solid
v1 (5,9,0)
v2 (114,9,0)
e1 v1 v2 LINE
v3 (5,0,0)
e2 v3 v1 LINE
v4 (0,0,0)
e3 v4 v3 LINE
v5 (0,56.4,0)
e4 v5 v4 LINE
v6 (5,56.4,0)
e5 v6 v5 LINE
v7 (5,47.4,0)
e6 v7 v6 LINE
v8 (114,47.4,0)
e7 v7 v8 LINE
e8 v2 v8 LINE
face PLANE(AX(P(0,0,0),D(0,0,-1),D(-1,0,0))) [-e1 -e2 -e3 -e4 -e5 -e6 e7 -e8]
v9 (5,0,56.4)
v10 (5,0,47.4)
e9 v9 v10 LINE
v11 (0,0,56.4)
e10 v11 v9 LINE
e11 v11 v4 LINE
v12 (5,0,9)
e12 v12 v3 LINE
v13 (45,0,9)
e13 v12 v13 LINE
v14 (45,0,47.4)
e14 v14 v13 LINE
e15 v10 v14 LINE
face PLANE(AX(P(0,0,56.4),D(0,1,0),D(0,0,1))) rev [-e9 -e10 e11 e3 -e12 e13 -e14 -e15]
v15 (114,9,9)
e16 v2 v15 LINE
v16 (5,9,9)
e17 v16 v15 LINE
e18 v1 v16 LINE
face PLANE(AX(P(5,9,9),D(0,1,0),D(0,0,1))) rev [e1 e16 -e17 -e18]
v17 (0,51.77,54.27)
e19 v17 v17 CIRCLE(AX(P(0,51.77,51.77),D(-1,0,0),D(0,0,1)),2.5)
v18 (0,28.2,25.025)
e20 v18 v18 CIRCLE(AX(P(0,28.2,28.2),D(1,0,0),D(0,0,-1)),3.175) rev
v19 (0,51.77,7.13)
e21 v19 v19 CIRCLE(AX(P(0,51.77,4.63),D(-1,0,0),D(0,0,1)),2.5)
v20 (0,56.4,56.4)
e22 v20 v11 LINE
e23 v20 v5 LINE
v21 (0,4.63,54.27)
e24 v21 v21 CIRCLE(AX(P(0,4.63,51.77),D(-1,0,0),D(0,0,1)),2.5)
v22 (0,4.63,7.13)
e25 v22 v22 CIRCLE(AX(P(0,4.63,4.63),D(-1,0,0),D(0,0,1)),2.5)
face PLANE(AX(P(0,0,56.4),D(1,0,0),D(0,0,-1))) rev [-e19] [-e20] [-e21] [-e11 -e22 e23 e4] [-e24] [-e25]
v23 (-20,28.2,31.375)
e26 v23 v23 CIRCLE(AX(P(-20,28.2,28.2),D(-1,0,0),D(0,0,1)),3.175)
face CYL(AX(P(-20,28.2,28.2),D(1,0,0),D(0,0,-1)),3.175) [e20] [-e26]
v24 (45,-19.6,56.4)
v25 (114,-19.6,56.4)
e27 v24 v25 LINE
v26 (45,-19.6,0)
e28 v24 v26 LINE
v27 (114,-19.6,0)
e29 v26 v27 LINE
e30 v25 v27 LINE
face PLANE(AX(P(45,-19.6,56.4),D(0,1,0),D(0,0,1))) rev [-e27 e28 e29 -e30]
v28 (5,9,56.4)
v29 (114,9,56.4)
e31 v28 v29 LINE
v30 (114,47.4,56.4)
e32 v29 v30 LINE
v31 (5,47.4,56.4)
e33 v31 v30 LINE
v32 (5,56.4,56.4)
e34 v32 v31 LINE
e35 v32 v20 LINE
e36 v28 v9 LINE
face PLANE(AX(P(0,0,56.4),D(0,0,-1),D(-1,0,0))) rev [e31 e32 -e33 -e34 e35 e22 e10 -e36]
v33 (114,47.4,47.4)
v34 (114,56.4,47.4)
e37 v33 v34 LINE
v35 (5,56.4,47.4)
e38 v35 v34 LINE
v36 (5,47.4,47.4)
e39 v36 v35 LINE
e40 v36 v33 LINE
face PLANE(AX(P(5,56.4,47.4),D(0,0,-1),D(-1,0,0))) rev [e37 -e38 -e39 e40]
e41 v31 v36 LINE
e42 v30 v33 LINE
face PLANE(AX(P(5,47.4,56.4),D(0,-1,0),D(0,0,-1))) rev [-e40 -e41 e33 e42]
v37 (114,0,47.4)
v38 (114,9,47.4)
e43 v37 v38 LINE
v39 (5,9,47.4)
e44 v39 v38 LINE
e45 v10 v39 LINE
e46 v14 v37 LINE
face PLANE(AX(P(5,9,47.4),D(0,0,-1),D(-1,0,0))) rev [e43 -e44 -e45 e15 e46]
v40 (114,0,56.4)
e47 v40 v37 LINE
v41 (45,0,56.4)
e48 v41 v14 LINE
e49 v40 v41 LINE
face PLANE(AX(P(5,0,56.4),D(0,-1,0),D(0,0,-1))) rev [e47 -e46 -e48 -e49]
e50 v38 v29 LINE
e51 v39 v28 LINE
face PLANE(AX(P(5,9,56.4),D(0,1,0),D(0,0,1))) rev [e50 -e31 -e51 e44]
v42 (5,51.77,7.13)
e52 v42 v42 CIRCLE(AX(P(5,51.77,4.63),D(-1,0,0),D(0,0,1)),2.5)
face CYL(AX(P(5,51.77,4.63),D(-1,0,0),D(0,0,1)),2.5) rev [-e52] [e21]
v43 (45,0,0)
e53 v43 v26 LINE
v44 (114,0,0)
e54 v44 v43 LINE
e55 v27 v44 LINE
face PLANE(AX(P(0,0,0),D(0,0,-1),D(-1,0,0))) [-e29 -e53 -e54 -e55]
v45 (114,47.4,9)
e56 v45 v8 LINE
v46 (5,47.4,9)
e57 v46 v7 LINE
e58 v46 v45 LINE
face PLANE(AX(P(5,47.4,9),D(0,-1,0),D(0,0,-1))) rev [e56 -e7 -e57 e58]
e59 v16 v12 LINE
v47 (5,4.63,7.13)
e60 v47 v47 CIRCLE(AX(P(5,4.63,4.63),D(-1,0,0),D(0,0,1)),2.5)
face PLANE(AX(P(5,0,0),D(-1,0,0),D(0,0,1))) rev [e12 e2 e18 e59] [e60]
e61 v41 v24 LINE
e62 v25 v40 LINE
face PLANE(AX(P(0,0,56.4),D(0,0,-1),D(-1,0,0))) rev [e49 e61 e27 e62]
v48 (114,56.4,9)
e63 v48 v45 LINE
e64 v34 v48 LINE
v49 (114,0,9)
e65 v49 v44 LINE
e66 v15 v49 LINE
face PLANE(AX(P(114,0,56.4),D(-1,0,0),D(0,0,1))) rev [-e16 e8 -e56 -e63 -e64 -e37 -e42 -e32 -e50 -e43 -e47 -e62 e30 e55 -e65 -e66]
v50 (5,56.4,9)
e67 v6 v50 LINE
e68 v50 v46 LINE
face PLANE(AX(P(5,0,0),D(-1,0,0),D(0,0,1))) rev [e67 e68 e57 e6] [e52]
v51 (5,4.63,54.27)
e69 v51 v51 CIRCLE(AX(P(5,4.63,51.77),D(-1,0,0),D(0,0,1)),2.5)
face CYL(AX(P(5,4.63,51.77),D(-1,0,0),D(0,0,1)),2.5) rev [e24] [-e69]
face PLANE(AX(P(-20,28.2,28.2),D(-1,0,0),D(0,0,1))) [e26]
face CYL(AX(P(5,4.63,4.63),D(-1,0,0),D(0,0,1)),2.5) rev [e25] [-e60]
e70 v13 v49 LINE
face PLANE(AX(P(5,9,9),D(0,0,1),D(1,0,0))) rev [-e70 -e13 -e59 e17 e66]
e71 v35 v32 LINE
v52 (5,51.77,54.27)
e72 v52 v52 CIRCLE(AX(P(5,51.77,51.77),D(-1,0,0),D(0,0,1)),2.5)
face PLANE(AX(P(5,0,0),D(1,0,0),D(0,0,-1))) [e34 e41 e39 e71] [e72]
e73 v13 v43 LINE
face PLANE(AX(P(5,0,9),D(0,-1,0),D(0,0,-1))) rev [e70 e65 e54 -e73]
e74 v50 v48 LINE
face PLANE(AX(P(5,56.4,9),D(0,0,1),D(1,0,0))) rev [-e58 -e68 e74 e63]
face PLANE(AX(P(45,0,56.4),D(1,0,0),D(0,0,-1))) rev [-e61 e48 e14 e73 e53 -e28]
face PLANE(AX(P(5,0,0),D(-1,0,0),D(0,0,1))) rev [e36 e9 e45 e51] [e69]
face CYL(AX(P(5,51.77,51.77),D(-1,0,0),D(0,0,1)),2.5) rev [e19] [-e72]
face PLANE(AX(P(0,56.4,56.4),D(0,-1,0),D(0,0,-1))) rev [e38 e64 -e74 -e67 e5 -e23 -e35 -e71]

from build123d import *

# Parameters (mm, degrees)
BOSS_EXTRUDE1_DEPTH = 56.4
SKETCH2_R           = 2.5
CUT_EXTRUDE1_DEPTH  = 5
SKETCH3_R           = 3.175
BOSS_EXTRUDE2_DEPTH = 20
SKETCH4_W           = 9
SKETCH4_H           = 9
CUT_EXTRUDE2_DEPTH  = 109


with BuildPart() as part:
    # Sketch1 → Boss-Extrude1 (new body)
    with BuildSketch(Plane.XY):
        Polygon((45, 0), (45, -19.6), (114, -19.6), (114, 0), (114, 56.4), (0, 56.4), (0, 0), align=None)
    extrude(amount=BOSS_EXTRUDE1_DEPTH)

    # Sketch2 → Cut-Extrude1 (cut)
    with BuildSketch(Plane.ZY):
        with Locations((4.63, 4.63)):
            Circle(SKETCH2_R)
        with Locations((51.77, 4.63)):
            Circle(SKETCH2_R)
        with Locations((51.77, 51.77)):
            Circle(SKETCH2_R)
        with Locations((4.63, 51.77)):
            Circle(SKETCH2_R)
    extrude(amount=-CUT_EXTRUDE1_DEPTH, mode=Mode.SUBTRACT)

    # Sketch3 → Boss-Extrude2 (add)
    with BuildSketch(Plane.ZY):
        with Locations(Location((28.2, 28.2, 0), (0, 0, 180))):
            Circle(SKETCH3_R)
    extrude(amount=BOSS_EXTRUDE2_DEPTH)

    # Sketch4 → Cut-Extrude2 (cut)
    with BuildSketch(Plane(origin=(114, 0, 0), x_dir=(0, 0, -1), z_dir=(1, 0, 0))):
        with Locations((-51.9, 51.9)):
            Rectangle(SKETCH4_W, SKETCH4_H)
        with Locations((-4.5, 51.9)):
            Rectangle(SKETCH4_W, SKETCH4_H)
        with Locations((-4.5, 4.5)):
            Rectangle(SKETCH4_W, SKETCH4_H)
        with Locations((-51.9, 4.5)):
            Rectangle(SKETCH4_W, SKETCH4_H)
    extrude(amount=-CUT_EXTRUDE2_DEPTH, mode=Mode.SUBTRACT)


solid = part.part
